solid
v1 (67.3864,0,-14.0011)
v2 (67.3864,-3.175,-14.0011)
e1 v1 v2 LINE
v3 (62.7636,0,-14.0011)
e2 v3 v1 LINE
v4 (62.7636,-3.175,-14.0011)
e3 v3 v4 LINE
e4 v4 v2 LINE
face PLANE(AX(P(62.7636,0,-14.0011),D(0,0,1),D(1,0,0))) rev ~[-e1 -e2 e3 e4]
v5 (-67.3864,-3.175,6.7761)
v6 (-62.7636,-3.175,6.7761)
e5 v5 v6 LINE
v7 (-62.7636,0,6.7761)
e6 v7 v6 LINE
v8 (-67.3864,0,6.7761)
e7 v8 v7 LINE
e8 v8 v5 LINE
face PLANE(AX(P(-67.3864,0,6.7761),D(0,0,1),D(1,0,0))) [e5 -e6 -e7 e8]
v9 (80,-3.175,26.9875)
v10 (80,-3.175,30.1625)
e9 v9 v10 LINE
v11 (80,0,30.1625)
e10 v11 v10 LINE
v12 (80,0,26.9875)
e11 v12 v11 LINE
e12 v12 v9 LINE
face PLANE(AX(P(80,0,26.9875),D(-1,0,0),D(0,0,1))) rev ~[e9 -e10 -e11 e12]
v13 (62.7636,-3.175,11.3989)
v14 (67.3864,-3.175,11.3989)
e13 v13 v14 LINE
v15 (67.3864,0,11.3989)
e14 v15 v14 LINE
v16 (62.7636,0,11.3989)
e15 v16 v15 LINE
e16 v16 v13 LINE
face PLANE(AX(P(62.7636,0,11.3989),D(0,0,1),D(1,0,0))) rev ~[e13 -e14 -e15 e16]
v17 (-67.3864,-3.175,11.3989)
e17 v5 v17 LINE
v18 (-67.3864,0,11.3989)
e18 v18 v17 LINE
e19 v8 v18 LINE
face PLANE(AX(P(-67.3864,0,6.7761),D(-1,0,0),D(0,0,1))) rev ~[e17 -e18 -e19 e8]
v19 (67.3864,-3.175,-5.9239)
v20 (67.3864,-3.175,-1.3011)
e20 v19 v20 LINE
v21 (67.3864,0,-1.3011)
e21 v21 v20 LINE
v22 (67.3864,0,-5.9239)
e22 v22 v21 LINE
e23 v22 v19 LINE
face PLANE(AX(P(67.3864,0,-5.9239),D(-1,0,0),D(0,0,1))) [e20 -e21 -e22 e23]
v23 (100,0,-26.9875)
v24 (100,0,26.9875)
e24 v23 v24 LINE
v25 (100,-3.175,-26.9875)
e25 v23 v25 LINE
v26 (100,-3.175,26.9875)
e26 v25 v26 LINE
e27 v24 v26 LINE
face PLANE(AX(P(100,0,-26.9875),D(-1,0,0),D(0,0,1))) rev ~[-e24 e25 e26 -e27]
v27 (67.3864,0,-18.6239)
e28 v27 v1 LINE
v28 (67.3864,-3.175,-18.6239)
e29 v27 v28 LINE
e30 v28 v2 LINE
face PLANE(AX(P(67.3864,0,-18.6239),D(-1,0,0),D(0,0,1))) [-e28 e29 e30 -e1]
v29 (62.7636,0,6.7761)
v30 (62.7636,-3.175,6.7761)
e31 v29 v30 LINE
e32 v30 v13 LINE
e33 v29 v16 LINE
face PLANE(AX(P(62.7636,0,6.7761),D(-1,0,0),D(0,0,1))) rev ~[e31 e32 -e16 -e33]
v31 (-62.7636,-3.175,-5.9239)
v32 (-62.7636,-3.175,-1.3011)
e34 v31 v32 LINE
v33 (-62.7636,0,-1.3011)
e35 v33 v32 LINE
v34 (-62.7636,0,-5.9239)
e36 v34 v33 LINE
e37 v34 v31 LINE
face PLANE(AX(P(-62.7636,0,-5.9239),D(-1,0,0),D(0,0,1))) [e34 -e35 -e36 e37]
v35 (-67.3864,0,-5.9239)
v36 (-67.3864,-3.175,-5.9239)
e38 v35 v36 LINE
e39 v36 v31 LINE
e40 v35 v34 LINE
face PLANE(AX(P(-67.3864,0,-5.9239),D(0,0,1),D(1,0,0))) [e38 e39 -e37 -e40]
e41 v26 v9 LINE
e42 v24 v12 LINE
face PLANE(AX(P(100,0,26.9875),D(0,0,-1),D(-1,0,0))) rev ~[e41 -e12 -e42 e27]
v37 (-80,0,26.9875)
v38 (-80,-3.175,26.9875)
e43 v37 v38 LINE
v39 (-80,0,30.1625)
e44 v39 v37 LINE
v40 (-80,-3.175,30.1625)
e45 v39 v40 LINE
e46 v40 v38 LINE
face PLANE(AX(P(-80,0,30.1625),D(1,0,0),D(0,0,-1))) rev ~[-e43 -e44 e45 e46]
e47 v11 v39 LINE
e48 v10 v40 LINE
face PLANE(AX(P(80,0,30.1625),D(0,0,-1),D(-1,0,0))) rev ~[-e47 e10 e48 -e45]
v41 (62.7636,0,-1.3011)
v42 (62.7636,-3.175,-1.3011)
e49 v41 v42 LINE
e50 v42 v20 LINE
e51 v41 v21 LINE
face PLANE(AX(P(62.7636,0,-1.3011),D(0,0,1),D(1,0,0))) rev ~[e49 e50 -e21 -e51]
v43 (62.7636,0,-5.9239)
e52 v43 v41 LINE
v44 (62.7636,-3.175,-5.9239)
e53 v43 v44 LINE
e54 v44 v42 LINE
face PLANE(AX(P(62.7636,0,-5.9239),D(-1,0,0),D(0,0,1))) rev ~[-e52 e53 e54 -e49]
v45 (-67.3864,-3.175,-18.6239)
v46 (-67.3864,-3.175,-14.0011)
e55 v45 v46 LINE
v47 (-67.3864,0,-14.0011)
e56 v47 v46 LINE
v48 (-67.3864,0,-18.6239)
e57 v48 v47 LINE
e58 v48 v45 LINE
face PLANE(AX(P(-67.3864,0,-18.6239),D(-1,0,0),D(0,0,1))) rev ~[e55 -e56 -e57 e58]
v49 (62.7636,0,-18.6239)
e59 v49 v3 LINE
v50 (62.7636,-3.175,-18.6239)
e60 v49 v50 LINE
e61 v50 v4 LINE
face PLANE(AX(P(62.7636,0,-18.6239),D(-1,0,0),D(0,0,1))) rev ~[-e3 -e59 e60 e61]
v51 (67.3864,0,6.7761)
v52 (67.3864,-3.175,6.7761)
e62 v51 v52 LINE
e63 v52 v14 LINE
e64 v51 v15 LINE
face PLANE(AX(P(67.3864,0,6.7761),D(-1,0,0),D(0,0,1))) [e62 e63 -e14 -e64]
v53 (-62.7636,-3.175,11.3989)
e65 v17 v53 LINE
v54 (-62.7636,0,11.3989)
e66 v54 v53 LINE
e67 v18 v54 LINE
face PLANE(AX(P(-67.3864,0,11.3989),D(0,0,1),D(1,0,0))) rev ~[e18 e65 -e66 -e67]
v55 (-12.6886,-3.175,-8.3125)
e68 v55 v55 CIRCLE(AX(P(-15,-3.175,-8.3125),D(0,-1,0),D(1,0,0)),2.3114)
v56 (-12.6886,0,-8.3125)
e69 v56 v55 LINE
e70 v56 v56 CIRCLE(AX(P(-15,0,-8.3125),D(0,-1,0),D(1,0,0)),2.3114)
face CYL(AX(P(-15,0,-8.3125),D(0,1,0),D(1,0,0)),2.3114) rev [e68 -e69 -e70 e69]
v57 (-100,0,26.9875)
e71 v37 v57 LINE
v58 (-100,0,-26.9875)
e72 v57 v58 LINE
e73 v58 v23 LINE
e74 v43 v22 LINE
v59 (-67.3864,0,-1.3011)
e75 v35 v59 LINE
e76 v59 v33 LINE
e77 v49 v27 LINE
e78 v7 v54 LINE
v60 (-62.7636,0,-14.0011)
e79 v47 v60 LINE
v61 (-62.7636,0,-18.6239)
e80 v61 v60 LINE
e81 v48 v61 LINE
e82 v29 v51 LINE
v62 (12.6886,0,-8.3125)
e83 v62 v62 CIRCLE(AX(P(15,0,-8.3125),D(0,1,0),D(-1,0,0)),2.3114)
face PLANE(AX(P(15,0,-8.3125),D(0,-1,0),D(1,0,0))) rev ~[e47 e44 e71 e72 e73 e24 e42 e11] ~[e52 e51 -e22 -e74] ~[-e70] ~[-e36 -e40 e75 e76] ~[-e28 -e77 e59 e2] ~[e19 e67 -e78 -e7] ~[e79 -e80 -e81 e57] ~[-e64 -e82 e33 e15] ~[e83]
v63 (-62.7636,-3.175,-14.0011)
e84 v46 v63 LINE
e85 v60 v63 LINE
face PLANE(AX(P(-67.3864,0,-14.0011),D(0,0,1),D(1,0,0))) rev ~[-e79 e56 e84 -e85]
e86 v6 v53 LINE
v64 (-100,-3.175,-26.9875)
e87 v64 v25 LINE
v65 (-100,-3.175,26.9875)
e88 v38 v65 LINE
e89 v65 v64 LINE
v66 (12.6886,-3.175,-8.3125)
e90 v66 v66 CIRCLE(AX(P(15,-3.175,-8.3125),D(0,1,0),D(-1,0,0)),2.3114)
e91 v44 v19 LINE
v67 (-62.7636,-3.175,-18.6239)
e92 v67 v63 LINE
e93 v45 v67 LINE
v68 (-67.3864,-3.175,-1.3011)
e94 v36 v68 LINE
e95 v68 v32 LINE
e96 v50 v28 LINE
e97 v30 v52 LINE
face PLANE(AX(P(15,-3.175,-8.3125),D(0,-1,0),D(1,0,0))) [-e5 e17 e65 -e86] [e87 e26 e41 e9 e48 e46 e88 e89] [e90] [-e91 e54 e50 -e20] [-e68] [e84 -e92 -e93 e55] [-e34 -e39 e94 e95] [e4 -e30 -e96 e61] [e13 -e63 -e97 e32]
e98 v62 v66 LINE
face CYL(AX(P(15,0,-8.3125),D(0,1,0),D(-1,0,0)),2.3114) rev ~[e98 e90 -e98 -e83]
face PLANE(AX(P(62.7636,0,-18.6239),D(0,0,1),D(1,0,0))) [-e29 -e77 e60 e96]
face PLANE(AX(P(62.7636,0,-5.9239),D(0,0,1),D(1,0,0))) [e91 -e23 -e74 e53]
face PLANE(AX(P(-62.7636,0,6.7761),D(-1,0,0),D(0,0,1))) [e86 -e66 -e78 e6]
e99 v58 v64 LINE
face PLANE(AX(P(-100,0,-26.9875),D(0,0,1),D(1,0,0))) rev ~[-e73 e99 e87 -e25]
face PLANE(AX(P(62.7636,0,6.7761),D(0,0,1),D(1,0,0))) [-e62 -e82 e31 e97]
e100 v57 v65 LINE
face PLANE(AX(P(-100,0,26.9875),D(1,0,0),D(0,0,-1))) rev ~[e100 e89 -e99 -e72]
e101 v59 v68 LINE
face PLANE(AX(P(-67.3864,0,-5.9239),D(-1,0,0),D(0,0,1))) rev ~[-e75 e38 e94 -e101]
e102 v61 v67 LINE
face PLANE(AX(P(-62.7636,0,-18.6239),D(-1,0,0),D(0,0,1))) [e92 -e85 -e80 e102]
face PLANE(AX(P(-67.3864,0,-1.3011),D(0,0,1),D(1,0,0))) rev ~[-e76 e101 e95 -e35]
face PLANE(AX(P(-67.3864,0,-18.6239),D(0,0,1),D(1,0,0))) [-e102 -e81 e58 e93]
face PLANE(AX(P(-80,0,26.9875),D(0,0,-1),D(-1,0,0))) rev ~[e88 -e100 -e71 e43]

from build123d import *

# Parameters (mm, degrees)
F0_W     = 4.6228
F0_H     = 4.6228
F0_R     = 2.3114
F1_DEPTH = 3.175


with BuildPart() as f1:
    # F0 (on Front) → F1 (new body)
    with BuildSketch(Plane.XZ):
        with BuildLine():
            ThreePointArc((17.3114, -8.3125), (15, -6.0011), (12.6886, -8.3125))
            ThreePointArc((12.6886, -8.3125), (15, -10.6239), (17.3114, -8.3125))
        make_face()
        Polygon((100, -26.9875), (100, 26.9875), (80, 26.9875), (80, 30.1625), (0, 30.1625), (0, -8.3125), (0, -26.9875), align=None)
        with Locations((65.075, -16.3125)):
            Rectangle(F0_W, F0_H, mode=Mode.SUBTRACT)
        with BuildLine():
            ThreePointArc((17.3114, -8.3125), (15, -10.6239), (12.6886, -8.3125))
            ThreePointArc((12.6886, -8.3125), (15, -6.0011), (17.3114, -8.3125))
        make_face(mode=Mode.SUBTRACT)
        with Locations((65.075, -3.6125)):
            Rectangle(F0_W, F0_H, mode=Mode.SUBTRACT)
        with Locations((65.075, 9.0875)):
            Rectangle(F0_W, F0_H, mode=Mode.SUBTRACT)
        Polygon((-65.075, -26.9875), (0, -26.9875), (0, -8.3125), (0, 30.1625), (-80, 30.1625), (-80, 26.9875), (-100, 26.9875), (-100, -26.9875), align=None)
        with Locations((-65.075, -16.3125)):
            Rectangle(F0_W, F0_H, mode=Mode.SUBTRACT)
        with Locations((-65.075, -3.6125)):
            Rectangle(F0_W, F0_H, mode=Mode.SUBTRACT)
        with Locations((-15, -8.3125)):
            Circle(F0_R, mode=Mode.SUBTRACT)
        with Locations((-65.075, 9.0875)):
            Rectangle(F0_W, F0_H, mode=Mode.SUBTRACT)
    extrude(amount=F1_DEPTH)


solid = f1.part
